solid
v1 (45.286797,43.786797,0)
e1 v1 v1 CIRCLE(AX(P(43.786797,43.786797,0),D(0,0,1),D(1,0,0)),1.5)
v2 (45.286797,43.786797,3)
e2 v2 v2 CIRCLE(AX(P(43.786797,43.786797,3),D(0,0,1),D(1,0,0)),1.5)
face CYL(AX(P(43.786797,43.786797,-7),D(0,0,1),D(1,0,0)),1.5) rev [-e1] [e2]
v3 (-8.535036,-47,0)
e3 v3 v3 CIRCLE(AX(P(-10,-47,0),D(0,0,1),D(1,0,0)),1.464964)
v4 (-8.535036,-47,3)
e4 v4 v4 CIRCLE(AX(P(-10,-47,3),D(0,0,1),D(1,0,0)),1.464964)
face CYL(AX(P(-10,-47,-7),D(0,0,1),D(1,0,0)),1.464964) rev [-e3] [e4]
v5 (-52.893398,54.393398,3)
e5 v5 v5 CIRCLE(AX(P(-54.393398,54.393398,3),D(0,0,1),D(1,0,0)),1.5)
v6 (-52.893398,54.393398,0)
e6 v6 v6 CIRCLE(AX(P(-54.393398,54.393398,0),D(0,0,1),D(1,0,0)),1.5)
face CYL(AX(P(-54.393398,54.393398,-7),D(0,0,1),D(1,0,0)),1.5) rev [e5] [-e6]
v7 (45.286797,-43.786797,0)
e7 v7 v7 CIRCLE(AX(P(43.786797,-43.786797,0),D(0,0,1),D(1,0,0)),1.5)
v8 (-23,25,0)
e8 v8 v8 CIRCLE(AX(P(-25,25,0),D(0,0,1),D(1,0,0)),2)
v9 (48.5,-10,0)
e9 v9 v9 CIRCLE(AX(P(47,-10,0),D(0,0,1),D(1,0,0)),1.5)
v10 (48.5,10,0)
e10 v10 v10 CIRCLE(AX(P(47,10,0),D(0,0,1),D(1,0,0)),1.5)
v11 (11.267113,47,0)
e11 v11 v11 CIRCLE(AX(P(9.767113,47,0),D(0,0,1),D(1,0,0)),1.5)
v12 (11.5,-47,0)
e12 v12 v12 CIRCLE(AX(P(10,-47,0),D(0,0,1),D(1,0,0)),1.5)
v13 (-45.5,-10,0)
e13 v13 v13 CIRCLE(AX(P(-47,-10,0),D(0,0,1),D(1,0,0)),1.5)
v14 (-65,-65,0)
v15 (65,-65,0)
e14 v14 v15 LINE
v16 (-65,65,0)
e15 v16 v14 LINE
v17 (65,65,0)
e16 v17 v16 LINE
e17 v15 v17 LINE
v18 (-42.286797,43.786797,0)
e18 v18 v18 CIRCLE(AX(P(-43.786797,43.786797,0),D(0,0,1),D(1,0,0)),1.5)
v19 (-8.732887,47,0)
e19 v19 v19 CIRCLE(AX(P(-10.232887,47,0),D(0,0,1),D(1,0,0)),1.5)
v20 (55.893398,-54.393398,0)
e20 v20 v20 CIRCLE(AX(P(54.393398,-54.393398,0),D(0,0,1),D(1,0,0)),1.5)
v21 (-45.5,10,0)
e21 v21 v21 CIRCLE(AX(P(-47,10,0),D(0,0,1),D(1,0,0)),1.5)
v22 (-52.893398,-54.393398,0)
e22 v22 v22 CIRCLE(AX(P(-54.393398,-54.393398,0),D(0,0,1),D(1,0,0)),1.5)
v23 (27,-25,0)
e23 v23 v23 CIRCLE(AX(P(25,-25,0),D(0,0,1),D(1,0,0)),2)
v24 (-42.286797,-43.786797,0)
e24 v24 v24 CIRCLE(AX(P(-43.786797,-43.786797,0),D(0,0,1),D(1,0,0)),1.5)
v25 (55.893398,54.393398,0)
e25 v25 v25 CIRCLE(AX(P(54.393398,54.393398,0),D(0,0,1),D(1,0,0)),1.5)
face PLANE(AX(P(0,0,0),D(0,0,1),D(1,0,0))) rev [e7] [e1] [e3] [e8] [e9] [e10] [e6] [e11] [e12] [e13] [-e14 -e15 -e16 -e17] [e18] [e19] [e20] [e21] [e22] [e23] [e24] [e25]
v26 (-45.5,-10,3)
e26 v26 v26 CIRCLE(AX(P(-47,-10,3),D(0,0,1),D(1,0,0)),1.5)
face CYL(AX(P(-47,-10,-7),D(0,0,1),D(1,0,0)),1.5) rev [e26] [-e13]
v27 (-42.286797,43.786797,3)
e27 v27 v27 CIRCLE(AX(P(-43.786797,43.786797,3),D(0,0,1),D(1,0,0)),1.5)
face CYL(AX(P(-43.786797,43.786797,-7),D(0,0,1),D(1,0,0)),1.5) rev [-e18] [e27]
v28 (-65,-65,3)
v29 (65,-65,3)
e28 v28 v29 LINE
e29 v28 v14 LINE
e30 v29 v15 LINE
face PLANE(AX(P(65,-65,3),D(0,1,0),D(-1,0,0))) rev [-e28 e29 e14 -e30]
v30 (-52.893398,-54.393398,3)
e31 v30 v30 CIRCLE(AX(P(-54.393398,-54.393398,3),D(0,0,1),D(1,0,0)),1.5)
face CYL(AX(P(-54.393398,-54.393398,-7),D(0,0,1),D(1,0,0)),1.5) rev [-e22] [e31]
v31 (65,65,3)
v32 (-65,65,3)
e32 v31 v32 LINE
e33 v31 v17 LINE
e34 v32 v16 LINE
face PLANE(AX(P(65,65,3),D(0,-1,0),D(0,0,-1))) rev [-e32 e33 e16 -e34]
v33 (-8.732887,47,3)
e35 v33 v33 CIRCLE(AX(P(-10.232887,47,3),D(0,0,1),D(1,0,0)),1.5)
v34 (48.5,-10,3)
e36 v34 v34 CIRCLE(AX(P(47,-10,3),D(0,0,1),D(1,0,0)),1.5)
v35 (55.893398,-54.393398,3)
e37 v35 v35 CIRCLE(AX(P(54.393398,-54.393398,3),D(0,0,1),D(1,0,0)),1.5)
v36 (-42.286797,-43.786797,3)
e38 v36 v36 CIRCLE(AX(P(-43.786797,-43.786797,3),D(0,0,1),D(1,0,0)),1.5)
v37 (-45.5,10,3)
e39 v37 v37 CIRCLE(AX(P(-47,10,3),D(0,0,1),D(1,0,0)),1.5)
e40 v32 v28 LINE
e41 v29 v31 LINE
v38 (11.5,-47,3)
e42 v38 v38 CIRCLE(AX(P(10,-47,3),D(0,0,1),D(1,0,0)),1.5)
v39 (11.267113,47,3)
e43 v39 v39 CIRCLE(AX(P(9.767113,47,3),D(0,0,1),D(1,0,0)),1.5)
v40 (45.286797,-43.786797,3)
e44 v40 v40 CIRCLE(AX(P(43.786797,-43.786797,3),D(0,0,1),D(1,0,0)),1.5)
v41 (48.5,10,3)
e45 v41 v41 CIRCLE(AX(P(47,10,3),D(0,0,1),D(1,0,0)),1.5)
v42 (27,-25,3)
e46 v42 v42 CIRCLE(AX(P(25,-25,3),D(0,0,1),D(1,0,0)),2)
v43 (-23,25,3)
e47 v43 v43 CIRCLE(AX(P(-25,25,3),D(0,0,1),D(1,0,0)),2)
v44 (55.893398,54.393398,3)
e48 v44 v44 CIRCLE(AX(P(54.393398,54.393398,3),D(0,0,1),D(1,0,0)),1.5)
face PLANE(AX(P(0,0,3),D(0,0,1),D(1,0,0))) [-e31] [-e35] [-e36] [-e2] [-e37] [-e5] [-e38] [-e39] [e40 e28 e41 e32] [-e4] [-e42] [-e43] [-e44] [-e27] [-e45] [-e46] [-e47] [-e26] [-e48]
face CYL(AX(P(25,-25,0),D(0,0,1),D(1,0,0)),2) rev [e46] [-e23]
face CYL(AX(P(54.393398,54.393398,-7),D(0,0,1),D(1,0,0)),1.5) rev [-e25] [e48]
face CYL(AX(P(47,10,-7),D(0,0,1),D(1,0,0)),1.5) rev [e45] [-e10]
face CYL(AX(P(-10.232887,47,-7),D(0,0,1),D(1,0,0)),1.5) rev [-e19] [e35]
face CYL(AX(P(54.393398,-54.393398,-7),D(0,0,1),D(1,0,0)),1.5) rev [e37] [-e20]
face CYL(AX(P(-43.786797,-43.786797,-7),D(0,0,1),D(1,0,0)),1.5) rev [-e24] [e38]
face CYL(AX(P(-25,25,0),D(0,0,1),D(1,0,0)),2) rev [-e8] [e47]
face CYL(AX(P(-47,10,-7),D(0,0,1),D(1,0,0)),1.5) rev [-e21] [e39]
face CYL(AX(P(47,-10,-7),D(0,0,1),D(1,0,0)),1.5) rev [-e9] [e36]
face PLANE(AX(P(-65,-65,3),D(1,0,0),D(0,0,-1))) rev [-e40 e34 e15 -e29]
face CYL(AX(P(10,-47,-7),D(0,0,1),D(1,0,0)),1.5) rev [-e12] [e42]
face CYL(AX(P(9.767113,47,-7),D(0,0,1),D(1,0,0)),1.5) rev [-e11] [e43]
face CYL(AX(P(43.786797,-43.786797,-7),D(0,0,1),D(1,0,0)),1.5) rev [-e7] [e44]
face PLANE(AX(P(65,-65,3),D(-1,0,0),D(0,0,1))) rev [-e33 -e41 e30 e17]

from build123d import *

# Parameters (mm, degrees)
SKETCH_1_W          = 130
SKETCH_1_H          = 130
EXTRUDE_1_DEPTH     = 3
SKETCH_5_R          = 2
CUT_EXTRUDE_4_DEPTH = 3
SKETCH_6_R          = 1.5
SKETCH_6_R_2        = 1.464964174
CUT_EXTRUDE_5_DEPTH = 10


with BuildPart() as part:
    # 草图1 → 凸台-拉伸1 (new body)
    with BuildSketch(Plane.XY):
        Rectangle(SKETCH_1_W, SKETCH_1_H)
    extrude(amount=EXTRUDE_1_DEPTH)

    # 草图5 → 切除-拉伸4 (cut)
    with BuildSketch(Plane.XY.offset(3)):
        with Locations((25, -25)):
            Circle(SKETCH_5_R)
        with Locations((-25, 25)):
            Circle(SKETCH_5_R)
    extrude(amount=-CUT_EXTRUDE_4_DEPTH, mode=Mode.SUBTRACT)

    # 草图6 → 切除-拉伸5 (cut)
    with BuildSketch(Plane.XY.offset(3)):
        with Locations((-54.393398282, 54.393398282)):
            Circle(SKETCH_6_R)
        with Locations((-43.786796564, 43.786796564)):
            Circle(SKETCH_6_R)
        with Locations((-10.232887384, 47)):
            Circle(SKETCH_6_R)
        with Locations((9.767112616, 47)):
            Circle(SKETCH_6_R)
        with Locations((43.786796564, 43.786796564)):
            Circle(SKETCH_6_R)
        with Locations((54.393398282, 54.393398282)):
            Circle(SKETCH_6_R)
        with Locations((-47, 10)):
            Circle(SKETCH_6_R)
        with Locations((-47, -10)):
            Circle(SKETCH_6_R)
        with Locations((47, -10)):
            Circle(SKETCH_6_R)
        with Locations((47, 10)):
            Circle(SKETCH_6_R)
        with Locations((-54.393398282, -54.393398282)):
            Circle(SKETCH_6_R)
        with Locations((-43.786796564, -43.786796564)):
            Circle(SKETCH_6_R)
        with Locations((-10, -47)):
            Circle(SKETCH_6_R_2)
        with Locations((10, -47)):
            Circle(SKETCH_6_R)
        with Locations((43.786796564, -43.786796564)):
            Circle(SKETCH_6_R)
        with Locations((54.393398282, -54.393398282)):
            Circle(SKETCH_6_R)
    extrude(amount=-CUT_EXTRUDE_5_DEPTH, mode=Mode.SUBTRACT)


solid = part.part
